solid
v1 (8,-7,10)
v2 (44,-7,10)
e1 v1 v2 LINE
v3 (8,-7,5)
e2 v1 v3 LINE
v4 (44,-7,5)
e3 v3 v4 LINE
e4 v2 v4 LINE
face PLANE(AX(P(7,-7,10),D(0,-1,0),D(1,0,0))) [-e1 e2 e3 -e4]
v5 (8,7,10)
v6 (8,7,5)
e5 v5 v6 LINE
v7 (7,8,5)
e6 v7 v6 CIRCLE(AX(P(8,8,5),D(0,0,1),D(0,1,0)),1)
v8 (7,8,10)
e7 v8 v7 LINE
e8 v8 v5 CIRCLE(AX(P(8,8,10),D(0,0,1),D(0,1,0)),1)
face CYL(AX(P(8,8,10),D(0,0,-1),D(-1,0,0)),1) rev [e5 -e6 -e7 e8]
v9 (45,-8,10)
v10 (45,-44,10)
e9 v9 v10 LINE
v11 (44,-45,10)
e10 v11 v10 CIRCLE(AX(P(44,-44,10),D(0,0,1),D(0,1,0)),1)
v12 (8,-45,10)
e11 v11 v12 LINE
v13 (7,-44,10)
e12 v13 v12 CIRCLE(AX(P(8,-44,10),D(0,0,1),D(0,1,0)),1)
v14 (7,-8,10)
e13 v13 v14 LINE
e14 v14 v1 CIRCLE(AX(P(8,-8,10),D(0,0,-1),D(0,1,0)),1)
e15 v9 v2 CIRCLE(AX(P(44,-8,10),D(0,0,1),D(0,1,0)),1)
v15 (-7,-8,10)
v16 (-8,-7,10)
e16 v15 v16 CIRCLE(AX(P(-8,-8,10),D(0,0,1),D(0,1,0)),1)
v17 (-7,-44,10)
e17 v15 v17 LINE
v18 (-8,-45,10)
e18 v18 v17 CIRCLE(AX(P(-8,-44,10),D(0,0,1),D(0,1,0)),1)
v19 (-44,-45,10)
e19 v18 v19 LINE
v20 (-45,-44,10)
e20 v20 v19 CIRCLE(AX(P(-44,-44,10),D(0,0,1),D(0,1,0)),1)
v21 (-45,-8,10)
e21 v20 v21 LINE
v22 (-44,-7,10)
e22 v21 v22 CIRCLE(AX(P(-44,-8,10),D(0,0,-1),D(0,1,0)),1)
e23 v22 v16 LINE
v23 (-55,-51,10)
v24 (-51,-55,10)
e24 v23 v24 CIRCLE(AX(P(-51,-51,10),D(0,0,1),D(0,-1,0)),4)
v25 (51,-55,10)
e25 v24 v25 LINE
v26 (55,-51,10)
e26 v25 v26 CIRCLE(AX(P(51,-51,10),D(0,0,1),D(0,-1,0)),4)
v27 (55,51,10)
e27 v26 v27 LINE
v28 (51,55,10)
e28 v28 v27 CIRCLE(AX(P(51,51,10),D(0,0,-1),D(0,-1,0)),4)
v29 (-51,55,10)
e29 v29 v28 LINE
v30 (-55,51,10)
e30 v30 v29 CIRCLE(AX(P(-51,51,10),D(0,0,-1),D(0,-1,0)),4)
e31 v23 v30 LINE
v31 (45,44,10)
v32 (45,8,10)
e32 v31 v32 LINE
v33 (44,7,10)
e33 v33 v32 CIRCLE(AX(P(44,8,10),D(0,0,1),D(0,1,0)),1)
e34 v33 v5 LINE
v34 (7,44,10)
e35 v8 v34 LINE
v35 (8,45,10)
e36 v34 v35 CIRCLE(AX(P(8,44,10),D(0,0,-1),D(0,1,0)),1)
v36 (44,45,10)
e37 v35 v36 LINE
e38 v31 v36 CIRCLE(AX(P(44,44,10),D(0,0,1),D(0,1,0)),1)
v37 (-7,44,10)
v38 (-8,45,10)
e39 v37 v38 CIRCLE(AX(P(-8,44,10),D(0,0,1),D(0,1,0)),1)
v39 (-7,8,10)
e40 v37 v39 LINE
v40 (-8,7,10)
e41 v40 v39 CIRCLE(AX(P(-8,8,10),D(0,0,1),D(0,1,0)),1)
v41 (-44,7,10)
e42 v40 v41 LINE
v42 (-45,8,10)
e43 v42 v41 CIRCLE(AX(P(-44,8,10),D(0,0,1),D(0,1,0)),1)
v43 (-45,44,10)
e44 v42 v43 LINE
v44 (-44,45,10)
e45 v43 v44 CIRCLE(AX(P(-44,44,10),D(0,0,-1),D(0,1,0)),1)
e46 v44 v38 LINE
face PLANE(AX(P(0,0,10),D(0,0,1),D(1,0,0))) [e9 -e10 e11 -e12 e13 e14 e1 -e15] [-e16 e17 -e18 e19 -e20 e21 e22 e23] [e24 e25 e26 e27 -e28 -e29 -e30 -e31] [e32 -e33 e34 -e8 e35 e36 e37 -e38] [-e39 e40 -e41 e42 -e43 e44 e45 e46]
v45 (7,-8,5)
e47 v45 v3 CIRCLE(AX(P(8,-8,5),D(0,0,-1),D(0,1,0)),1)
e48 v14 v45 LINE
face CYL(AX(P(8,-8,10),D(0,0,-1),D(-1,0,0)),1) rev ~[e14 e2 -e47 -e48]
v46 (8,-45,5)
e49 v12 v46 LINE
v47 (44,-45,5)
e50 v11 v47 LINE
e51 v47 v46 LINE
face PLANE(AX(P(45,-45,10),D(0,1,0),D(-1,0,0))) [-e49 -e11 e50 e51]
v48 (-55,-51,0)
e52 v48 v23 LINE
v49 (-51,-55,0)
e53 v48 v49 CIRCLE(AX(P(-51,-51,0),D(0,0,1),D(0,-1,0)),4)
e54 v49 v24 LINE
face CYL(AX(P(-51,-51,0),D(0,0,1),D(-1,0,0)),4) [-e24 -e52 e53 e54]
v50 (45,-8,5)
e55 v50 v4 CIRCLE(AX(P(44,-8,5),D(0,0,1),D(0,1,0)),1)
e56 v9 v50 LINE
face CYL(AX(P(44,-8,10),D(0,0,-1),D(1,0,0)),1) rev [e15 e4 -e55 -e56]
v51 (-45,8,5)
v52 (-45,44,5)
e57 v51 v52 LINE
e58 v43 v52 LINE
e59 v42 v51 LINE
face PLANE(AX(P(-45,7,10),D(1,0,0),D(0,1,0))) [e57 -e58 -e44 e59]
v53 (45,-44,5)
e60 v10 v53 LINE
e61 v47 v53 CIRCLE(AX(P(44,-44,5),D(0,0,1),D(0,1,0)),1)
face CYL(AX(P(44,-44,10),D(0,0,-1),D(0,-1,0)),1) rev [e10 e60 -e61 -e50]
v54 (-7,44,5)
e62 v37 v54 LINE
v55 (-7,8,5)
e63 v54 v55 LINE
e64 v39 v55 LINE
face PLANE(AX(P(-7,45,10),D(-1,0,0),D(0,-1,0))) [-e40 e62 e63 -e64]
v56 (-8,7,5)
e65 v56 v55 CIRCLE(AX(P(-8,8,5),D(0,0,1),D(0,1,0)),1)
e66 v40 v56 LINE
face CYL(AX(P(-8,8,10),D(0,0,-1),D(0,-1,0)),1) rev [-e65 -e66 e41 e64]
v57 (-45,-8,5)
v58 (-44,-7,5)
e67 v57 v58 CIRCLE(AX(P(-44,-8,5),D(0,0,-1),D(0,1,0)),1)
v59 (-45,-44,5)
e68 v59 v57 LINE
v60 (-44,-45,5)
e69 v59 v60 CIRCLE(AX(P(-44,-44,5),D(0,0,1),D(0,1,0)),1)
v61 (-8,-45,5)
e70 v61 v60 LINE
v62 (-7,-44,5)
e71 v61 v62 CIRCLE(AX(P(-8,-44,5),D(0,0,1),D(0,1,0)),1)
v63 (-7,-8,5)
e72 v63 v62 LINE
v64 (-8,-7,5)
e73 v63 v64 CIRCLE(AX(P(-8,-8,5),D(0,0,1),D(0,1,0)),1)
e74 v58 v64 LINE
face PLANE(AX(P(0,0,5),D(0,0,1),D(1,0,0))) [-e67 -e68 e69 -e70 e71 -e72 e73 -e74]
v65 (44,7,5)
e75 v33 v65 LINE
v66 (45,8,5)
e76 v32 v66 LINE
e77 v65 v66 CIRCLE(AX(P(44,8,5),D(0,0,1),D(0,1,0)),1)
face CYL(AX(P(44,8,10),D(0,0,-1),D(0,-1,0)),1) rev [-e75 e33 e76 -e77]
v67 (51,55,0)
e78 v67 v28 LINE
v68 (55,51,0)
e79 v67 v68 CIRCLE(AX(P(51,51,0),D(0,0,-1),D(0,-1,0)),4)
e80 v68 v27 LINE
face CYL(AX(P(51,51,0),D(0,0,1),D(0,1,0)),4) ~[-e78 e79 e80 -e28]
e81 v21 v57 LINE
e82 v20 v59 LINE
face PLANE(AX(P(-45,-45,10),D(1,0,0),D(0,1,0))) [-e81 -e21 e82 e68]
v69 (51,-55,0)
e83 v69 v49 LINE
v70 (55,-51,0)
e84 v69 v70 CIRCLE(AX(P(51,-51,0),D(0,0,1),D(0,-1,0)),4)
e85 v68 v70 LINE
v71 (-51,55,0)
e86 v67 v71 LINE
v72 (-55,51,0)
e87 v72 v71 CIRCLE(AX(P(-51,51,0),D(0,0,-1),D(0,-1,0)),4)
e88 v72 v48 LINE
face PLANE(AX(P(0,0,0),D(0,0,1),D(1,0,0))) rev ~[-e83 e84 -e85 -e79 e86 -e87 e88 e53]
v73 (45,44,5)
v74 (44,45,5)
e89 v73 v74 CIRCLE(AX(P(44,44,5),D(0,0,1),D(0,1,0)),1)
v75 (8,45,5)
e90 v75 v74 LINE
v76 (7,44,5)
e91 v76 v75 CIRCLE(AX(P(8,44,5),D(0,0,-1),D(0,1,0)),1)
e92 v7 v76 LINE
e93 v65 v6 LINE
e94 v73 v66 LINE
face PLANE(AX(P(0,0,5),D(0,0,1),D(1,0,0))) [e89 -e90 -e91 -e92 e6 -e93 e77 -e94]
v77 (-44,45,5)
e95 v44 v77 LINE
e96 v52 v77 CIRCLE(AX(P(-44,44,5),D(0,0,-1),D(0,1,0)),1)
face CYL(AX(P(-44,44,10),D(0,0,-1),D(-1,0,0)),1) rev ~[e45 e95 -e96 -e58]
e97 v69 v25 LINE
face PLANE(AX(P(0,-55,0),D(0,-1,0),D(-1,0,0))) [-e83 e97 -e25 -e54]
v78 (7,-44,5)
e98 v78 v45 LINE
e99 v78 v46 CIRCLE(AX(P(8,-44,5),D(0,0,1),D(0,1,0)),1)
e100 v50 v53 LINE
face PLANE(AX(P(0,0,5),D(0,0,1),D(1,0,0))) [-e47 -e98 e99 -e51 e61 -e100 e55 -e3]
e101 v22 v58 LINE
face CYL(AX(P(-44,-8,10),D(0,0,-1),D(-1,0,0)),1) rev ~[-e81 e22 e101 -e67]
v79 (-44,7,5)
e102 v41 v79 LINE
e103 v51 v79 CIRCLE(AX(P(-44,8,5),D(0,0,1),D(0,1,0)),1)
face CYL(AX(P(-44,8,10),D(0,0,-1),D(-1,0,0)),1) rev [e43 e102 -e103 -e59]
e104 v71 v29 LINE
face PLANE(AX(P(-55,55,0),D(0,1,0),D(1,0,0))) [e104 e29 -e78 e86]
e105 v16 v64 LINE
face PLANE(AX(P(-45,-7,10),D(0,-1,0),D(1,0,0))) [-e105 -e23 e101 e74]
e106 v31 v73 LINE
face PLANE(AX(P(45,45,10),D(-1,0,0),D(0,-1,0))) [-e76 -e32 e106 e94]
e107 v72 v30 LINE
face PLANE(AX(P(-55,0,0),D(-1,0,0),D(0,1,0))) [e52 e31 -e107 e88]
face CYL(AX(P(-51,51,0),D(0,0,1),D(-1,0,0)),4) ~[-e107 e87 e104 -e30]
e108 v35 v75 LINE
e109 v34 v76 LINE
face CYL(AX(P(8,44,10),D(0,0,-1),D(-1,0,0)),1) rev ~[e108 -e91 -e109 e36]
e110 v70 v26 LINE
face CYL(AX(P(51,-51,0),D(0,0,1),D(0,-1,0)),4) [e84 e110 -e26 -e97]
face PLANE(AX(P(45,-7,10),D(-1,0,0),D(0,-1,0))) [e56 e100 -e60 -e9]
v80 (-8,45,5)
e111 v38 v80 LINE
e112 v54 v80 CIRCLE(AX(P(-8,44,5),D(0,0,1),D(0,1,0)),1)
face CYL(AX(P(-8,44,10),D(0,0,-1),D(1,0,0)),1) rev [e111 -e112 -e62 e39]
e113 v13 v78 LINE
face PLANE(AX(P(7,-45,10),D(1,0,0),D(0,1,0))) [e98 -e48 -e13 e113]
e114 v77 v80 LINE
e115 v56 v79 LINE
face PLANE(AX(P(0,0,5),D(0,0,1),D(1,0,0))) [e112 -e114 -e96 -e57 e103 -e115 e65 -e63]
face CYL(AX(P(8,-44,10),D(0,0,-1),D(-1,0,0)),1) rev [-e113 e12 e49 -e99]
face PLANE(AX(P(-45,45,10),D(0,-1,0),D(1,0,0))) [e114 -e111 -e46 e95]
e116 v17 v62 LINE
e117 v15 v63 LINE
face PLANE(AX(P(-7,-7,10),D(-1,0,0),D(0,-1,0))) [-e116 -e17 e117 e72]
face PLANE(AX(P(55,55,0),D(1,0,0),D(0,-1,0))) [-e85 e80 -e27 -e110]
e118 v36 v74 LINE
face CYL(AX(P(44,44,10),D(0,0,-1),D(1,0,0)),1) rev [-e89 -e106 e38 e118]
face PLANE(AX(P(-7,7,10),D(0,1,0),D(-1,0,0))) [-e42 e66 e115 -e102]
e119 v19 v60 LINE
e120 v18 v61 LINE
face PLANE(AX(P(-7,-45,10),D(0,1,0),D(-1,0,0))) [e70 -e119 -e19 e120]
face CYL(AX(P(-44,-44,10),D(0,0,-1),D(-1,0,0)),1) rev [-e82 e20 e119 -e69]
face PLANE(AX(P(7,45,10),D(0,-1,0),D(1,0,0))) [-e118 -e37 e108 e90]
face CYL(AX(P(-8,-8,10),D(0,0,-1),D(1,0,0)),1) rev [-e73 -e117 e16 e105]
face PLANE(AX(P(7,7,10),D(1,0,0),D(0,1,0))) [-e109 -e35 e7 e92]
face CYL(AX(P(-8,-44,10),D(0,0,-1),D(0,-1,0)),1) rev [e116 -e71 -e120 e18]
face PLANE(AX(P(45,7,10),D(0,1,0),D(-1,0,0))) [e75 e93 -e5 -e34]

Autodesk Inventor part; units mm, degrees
ref_plane "YZ Plane" through (0, 0, 0) normal (1, 0, 0) x (0, 1, 0)
ref_plane "XZ Plane" through (0, 0, 0) normal (0, 1, 0) x (-1, 0, 0)
ref_plane "XY Plane" through (0, 0, 0) normal (0, 0, 1) x (1, 0, 0)
sketch "Náčrt2" plane through (0, 0, 0) normal (0, 0, 1) x (1, 0, 0)
  line L0 (-77, 0) -> (77, 0) projected
  line L1 (0, -77) -> (0, 77) projected
  line L2 (-55, 55) -> (55, 55)
  line L3 (55, 55) -> (55, -55)
  line L4 (55, -55) -> (-55, -55)
  line L5 (-55, -55) -> (-55, 55)
  point P0 (0, 0)
  dimension "d0" = 110
  dimension "d1" = 110
  dimension "d2" = 55
extrude "Vysunutí1" add sketch "Náčrt2" along normal blind 10
sketch "Náčrt3" plane through (0, 0, 10) normal (0, 0, 1) x (1, 0, 0)
  line L0 (-45, 45) -> (-7, 45)
  line L1 (-7, 45) -> (-7, 7)
  line L2 (-7, 7) -> (-45, 7)
  line L3 (-45, 7) -> (-45, 45)
  line L4 (-77, 0) -> (77, 0) projected
  line L5 (0, -77) -> (0, 77) projected
  line L6 (-55, 55) -> (-55, -55) projected
  line L7 (55, 55) -> (-55, 55) projected
  line L8 (7, 45) -> (45, 45)
  line L9 (7, 7) -> (7, 45)
  line L10 (45, 7) -> (7, 7)
  line L11 (45, 45) -> (45, 7)
  line L12 (-45, -7) -> (-7, -7)
  line L13 (-45, -45) -> (-45, -7)
  line L14 (-7, -45) -> (-45, -45)
  line L15 (-7, -7) -> (-7, -45)
  line L16 (7, -7) -> (45, -7)
  line L17 (7, -45) -> (7, -7)
  line L18 (45, -45) -> (7, -45)
  line L19 (45, -7) -> (45, -45)
  point P0 (0, 0)
  dimension "d5" = 38
  dimension "d6" = 38
  dimension "d7" = 10
  dimension "d8" = 10
  dimension "d11" = 52
  dimension "d14" = 52
extrude "Vysunutí2" cut sketch "Náčrt3" against normal blind 5 contours L0 L1 L2 L3 | L8 L11 L10 L9 | L12 L15 L14 L13 | L16 L19 L18 L17
fillet "Zaoblení1" radius 1 16 edges at (-45, 45, 7.5) (7, 45, 7.5) (-45, -7, 7.5) (7, -7, 7.5) (45, -45, 7.5) (-7, -45, 7.5) (45, 7, 7.5) (-7, 7, 7.5) (45, 45, 7.5) (-7, 45, 7.5) (45, -7, 7.5) (-7, -7, 7.5) (-45, -45, 7.5) (7, -45, 7.5) (7, 7, 7.5) (-45, 7, 7.5)
fillet "Zaoblení2" radius 4 4 edges at (-55, -55, 5) (55, -55, 5) (55, 55, 5) (-55, 55, 5)
equation "\"d1\" = d0"
equation "\"d2\" = 0.5 * d1"
equation "\"d6\" = d5"
equation "\"d8\" = d7"
equation "\"d14\" = d11"
properties part number "Paletka"
